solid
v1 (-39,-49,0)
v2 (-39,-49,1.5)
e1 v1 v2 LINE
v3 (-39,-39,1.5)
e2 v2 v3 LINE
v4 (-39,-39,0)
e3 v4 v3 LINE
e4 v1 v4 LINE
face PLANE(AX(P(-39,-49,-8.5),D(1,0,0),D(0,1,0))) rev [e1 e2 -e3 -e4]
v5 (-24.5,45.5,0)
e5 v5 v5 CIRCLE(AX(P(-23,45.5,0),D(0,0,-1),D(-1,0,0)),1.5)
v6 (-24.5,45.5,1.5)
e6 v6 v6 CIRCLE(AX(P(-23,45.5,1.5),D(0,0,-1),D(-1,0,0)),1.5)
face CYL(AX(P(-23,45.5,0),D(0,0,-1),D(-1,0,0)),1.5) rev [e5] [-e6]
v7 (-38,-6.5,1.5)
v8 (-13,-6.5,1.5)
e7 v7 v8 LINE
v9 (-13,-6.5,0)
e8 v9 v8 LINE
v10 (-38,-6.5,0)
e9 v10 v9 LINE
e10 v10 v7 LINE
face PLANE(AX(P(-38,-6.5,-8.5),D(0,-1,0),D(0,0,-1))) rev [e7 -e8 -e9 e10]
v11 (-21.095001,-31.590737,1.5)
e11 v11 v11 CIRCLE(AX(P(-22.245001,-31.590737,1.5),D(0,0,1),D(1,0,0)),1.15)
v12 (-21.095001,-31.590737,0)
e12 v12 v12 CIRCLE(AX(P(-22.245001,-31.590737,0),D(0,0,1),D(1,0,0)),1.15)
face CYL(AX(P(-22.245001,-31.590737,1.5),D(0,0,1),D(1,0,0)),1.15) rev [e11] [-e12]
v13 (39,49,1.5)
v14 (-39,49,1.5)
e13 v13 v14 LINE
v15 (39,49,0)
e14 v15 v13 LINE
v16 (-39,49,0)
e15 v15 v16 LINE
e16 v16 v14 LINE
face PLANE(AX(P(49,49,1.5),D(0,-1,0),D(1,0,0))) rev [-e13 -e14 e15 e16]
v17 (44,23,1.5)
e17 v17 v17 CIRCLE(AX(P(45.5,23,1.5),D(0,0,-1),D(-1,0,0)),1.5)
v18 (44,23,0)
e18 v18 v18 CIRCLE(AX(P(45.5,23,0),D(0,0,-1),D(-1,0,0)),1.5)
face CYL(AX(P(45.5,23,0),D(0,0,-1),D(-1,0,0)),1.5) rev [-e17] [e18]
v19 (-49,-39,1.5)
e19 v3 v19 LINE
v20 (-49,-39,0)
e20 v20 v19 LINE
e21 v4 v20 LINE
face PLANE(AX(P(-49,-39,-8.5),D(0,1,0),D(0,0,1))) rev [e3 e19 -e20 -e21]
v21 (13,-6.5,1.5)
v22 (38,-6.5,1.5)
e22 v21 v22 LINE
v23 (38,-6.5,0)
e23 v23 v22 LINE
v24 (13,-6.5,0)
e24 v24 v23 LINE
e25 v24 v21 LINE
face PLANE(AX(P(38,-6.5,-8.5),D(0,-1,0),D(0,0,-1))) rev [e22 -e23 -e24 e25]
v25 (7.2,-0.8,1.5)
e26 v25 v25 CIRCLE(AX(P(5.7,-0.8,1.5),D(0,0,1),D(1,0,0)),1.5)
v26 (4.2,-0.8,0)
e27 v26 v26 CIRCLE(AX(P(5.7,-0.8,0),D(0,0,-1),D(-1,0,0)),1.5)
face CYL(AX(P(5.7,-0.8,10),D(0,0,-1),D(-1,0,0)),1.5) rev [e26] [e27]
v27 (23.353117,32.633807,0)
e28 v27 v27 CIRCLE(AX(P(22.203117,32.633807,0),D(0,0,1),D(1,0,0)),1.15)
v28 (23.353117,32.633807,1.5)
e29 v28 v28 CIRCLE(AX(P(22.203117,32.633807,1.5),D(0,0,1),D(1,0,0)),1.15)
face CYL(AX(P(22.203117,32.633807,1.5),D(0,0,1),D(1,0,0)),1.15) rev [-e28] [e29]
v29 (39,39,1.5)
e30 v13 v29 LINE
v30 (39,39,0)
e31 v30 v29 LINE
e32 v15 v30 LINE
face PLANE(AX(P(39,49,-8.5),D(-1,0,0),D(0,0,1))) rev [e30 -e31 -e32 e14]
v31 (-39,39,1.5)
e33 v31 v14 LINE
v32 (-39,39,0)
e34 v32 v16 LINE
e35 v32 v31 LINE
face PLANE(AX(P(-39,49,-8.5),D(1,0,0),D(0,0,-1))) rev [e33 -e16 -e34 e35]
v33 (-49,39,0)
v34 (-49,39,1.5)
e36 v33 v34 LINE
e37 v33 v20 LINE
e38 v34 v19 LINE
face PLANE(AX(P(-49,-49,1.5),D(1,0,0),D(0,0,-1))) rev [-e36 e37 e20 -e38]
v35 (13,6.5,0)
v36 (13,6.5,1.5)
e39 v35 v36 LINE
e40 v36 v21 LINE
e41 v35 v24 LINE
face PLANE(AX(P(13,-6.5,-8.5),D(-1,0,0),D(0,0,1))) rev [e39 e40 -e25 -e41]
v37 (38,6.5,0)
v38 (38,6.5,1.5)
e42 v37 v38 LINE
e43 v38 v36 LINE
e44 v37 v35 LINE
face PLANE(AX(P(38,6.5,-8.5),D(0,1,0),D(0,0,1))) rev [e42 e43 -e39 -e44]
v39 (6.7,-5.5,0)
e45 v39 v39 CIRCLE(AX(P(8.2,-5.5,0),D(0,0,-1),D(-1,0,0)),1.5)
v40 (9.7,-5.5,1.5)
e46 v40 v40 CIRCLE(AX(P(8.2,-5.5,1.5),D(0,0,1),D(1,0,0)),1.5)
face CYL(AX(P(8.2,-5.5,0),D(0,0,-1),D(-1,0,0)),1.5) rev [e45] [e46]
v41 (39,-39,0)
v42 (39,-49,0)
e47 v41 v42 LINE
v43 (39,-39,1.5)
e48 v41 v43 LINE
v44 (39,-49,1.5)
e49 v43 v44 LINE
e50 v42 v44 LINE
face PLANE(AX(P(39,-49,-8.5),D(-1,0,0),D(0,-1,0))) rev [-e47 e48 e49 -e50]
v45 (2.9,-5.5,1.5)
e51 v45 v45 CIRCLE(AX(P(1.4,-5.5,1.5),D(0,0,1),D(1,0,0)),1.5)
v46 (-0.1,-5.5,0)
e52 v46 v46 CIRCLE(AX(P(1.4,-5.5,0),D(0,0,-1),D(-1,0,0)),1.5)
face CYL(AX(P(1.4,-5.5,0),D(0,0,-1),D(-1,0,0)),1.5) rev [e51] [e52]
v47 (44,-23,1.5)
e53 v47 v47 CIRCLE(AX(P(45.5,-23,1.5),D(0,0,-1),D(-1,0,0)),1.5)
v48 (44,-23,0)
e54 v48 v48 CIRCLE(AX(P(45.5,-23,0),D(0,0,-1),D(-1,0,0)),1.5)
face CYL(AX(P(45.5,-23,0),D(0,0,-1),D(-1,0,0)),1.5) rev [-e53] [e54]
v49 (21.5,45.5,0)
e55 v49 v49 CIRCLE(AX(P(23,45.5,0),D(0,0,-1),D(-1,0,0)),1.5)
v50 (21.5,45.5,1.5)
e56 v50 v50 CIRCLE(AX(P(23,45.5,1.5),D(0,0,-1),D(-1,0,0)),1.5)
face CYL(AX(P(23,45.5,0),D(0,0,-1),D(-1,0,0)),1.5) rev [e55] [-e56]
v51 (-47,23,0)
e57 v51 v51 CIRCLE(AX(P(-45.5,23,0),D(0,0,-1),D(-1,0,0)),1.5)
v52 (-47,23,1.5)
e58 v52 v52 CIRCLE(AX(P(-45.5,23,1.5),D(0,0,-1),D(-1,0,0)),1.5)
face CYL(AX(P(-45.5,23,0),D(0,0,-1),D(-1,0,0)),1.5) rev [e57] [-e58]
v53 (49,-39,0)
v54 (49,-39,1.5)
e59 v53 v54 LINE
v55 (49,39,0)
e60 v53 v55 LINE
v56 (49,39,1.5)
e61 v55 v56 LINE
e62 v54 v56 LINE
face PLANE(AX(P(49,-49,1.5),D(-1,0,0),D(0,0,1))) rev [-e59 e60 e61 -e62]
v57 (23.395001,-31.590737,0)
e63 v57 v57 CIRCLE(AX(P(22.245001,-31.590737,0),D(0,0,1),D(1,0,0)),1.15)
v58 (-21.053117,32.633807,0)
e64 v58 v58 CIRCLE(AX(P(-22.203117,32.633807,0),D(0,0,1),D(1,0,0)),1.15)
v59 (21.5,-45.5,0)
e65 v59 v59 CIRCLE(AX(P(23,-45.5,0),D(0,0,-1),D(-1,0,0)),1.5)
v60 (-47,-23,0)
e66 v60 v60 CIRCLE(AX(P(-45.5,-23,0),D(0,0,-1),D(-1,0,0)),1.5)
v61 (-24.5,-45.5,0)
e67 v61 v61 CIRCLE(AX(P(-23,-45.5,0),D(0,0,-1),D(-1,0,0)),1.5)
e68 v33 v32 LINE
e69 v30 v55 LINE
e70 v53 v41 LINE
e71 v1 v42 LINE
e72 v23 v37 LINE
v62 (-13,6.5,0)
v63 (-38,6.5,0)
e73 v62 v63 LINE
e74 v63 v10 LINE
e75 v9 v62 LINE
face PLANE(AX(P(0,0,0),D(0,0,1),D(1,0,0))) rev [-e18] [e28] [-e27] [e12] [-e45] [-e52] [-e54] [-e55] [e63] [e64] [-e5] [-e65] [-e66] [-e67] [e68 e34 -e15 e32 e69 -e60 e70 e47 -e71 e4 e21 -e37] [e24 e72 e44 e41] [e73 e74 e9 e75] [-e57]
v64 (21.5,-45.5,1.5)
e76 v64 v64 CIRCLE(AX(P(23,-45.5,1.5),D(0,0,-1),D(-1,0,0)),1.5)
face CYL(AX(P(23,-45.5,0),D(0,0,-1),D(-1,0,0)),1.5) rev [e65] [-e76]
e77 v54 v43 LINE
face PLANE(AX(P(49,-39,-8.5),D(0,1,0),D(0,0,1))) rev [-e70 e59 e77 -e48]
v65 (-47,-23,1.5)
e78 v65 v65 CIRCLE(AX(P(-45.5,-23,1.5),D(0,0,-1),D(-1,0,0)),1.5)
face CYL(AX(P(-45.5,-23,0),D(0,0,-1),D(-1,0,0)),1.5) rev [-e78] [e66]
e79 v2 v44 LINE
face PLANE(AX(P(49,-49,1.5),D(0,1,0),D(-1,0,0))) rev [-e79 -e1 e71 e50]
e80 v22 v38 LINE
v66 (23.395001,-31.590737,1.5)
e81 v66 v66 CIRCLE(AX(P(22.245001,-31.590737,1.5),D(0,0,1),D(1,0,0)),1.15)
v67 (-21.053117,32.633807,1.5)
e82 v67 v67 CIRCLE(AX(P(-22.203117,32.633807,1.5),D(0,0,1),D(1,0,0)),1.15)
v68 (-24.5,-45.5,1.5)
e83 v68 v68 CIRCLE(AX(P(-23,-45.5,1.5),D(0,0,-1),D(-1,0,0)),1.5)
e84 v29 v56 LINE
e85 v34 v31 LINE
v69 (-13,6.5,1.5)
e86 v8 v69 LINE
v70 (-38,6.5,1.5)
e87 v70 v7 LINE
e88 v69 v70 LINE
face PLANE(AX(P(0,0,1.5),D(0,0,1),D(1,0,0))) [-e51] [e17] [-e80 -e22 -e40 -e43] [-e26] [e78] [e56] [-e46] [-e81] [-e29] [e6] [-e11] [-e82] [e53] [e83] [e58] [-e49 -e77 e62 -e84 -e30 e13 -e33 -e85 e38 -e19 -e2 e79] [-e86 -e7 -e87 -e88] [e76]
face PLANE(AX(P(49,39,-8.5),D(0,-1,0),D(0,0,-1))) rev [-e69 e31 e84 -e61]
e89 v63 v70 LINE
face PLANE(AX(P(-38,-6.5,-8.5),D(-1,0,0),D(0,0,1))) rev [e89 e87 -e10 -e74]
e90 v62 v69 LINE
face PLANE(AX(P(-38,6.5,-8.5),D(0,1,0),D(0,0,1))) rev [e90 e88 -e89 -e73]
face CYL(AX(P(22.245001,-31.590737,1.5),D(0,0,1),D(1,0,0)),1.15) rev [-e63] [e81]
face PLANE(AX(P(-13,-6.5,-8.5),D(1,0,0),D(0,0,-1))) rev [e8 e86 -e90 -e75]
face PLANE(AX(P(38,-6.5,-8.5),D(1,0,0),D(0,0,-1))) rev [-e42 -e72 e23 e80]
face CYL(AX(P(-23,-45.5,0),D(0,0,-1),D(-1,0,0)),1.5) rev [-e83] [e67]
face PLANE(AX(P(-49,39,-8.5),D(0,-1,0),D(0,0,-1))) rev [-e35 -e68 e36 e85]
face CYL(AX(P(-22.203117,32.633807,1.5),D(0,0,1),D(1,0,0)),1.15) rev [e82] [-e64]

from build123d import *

# Parameters (mm, degrees)
SKETCH1_W                      = 98
SKETCH1_H                      = 98
BOSS_EXTRUDE1_DEPTH            = 1.5
SKETCH2_W                      = 10
SKETCH2_H                      = 10
CUT_EXTRUDE1_DEPTH             = 10
F_3_0_3_DIAMETER_HOLE1_D       = 3
SKETCH5_W                      = 25
SKETCH5_H                      = 13
CUT_EXTRUDE2_DEPTH             = 10
F_2_3_2_3_DIAMETER_HOLE1_D     = 2.3
F_2_3_2_3_DIAMETER_HOLE1_DEPTH = 30
SKETCH8_R                      = 1.5
CUT_EXTRUDE3_DEPTH             = 10
F_3_0_3_DIAMETER_HOLE2_D       = 3
F_3_0_3_DIAMETER_HOLE2_DEPTH   = 6.5


with BuildPart() as part:
    # Sketch1 → Boss-Extrude1 (new body)
    with BuildSketch(Plane.XY):
        Rectangle(SKETCH1_W, SKETCH1_H)
    extrude(amount=BOSS_EXTRUDE1_DEPTH)

    # Sketch2 → Cut-Extrude1 (cut)
    with BuildSketch(Plane.XY.offset(1.5)):
        with Locations((-44, 44)):
            Rectangle(SKETCH2_W, SKETCH2_H)
        with Locations((44, 44)):
            Rectangle(SKETCH2_W, SKETCH2_H)
        with Locations((44, -44)):
            Rectangle(SKETCH2_W, SKETCH2_H)
        with Locations((-44, -44)):
            Rectangle(SKETCH2_W, SKETCH2_H)
    extrude(amount=-CUT_EXTRUDE1_DEPTH, mode=Mode.SUBTRACT)

    # Ø3.0 (3) Diameter Hole1 (through all)
    with Locations(Plane(origin=(0, 0, 0), x_dir=(-1, 0, 0), z_dir=(0, 0, -1))):
        with Locations((-23, 45.5), (23, 45.5), (45.5, 23), (45.5, -23), (23, -45.5), (-23, -45.5), (-45.5, -23), (-45.5, 23)):
            Hole(F_3_0_3_DIAMETER_HOLE1_D / 2)

    # Sketch5 → Cut-Extrude2 (cut)
    with BuildSketch(Plane.XY.offset(1.5)):
        with Locations((-25.5, 0)):
            Rectangle(SKETCH5_W, SKETCH5_H)
        with Locations((25.5, 0)):
            Rectangle(SKETCH5_W, SKETCH5_H)
    extrude(amount=-CUT_EXTRUDE2_DEPTH, mode=Mode.SUBTRACT)

    # Ø2.3 (2.3) Diameter Hole1
    with Locations(Plane.XY.offset(1.5)):
        with Locations((-22.24500144, -31.590736692), (-22.203117232, 32.633806534), (22.203117232, 32.633806534), (22.24500144, -31.590736692)):
            Hole(F_2_3_2_3_DIAMETER_HOLE1_D / 2, depth=F_2_3_2_3_DIAMETER_HOLE1_DEPTH)

    # Sketch8 → Cut-Extrude3 (cut)
    with BuildSketch(Plane(origin=(0, 0, 0), x_dir=(-1, 0, 0), z_dir=(0, 0, -1))):
        with Locations((-5.7, -0.8)):
            Circle(SKETCH8_R)
    extrude(amount=-CUT_EXTRUDE3_DEPTH, mode=Mode.SUBTRACT)

    # Ø3.0 (3) Diameter Hole2
    with Locations(Plane(origin=(0, 0, 0), x_dir=(-1, 0, 0), z_dir=(0, 0, -1))):
        with Locations((-1.4, -5.5), (-8.2, -5.5)):
            Hole(F_3_0_3_DIAMETER_HOLE2_D / 2, depth=F_3_0_3_DIAMETER_HOLE2_DEPTH)


solid = part.part
